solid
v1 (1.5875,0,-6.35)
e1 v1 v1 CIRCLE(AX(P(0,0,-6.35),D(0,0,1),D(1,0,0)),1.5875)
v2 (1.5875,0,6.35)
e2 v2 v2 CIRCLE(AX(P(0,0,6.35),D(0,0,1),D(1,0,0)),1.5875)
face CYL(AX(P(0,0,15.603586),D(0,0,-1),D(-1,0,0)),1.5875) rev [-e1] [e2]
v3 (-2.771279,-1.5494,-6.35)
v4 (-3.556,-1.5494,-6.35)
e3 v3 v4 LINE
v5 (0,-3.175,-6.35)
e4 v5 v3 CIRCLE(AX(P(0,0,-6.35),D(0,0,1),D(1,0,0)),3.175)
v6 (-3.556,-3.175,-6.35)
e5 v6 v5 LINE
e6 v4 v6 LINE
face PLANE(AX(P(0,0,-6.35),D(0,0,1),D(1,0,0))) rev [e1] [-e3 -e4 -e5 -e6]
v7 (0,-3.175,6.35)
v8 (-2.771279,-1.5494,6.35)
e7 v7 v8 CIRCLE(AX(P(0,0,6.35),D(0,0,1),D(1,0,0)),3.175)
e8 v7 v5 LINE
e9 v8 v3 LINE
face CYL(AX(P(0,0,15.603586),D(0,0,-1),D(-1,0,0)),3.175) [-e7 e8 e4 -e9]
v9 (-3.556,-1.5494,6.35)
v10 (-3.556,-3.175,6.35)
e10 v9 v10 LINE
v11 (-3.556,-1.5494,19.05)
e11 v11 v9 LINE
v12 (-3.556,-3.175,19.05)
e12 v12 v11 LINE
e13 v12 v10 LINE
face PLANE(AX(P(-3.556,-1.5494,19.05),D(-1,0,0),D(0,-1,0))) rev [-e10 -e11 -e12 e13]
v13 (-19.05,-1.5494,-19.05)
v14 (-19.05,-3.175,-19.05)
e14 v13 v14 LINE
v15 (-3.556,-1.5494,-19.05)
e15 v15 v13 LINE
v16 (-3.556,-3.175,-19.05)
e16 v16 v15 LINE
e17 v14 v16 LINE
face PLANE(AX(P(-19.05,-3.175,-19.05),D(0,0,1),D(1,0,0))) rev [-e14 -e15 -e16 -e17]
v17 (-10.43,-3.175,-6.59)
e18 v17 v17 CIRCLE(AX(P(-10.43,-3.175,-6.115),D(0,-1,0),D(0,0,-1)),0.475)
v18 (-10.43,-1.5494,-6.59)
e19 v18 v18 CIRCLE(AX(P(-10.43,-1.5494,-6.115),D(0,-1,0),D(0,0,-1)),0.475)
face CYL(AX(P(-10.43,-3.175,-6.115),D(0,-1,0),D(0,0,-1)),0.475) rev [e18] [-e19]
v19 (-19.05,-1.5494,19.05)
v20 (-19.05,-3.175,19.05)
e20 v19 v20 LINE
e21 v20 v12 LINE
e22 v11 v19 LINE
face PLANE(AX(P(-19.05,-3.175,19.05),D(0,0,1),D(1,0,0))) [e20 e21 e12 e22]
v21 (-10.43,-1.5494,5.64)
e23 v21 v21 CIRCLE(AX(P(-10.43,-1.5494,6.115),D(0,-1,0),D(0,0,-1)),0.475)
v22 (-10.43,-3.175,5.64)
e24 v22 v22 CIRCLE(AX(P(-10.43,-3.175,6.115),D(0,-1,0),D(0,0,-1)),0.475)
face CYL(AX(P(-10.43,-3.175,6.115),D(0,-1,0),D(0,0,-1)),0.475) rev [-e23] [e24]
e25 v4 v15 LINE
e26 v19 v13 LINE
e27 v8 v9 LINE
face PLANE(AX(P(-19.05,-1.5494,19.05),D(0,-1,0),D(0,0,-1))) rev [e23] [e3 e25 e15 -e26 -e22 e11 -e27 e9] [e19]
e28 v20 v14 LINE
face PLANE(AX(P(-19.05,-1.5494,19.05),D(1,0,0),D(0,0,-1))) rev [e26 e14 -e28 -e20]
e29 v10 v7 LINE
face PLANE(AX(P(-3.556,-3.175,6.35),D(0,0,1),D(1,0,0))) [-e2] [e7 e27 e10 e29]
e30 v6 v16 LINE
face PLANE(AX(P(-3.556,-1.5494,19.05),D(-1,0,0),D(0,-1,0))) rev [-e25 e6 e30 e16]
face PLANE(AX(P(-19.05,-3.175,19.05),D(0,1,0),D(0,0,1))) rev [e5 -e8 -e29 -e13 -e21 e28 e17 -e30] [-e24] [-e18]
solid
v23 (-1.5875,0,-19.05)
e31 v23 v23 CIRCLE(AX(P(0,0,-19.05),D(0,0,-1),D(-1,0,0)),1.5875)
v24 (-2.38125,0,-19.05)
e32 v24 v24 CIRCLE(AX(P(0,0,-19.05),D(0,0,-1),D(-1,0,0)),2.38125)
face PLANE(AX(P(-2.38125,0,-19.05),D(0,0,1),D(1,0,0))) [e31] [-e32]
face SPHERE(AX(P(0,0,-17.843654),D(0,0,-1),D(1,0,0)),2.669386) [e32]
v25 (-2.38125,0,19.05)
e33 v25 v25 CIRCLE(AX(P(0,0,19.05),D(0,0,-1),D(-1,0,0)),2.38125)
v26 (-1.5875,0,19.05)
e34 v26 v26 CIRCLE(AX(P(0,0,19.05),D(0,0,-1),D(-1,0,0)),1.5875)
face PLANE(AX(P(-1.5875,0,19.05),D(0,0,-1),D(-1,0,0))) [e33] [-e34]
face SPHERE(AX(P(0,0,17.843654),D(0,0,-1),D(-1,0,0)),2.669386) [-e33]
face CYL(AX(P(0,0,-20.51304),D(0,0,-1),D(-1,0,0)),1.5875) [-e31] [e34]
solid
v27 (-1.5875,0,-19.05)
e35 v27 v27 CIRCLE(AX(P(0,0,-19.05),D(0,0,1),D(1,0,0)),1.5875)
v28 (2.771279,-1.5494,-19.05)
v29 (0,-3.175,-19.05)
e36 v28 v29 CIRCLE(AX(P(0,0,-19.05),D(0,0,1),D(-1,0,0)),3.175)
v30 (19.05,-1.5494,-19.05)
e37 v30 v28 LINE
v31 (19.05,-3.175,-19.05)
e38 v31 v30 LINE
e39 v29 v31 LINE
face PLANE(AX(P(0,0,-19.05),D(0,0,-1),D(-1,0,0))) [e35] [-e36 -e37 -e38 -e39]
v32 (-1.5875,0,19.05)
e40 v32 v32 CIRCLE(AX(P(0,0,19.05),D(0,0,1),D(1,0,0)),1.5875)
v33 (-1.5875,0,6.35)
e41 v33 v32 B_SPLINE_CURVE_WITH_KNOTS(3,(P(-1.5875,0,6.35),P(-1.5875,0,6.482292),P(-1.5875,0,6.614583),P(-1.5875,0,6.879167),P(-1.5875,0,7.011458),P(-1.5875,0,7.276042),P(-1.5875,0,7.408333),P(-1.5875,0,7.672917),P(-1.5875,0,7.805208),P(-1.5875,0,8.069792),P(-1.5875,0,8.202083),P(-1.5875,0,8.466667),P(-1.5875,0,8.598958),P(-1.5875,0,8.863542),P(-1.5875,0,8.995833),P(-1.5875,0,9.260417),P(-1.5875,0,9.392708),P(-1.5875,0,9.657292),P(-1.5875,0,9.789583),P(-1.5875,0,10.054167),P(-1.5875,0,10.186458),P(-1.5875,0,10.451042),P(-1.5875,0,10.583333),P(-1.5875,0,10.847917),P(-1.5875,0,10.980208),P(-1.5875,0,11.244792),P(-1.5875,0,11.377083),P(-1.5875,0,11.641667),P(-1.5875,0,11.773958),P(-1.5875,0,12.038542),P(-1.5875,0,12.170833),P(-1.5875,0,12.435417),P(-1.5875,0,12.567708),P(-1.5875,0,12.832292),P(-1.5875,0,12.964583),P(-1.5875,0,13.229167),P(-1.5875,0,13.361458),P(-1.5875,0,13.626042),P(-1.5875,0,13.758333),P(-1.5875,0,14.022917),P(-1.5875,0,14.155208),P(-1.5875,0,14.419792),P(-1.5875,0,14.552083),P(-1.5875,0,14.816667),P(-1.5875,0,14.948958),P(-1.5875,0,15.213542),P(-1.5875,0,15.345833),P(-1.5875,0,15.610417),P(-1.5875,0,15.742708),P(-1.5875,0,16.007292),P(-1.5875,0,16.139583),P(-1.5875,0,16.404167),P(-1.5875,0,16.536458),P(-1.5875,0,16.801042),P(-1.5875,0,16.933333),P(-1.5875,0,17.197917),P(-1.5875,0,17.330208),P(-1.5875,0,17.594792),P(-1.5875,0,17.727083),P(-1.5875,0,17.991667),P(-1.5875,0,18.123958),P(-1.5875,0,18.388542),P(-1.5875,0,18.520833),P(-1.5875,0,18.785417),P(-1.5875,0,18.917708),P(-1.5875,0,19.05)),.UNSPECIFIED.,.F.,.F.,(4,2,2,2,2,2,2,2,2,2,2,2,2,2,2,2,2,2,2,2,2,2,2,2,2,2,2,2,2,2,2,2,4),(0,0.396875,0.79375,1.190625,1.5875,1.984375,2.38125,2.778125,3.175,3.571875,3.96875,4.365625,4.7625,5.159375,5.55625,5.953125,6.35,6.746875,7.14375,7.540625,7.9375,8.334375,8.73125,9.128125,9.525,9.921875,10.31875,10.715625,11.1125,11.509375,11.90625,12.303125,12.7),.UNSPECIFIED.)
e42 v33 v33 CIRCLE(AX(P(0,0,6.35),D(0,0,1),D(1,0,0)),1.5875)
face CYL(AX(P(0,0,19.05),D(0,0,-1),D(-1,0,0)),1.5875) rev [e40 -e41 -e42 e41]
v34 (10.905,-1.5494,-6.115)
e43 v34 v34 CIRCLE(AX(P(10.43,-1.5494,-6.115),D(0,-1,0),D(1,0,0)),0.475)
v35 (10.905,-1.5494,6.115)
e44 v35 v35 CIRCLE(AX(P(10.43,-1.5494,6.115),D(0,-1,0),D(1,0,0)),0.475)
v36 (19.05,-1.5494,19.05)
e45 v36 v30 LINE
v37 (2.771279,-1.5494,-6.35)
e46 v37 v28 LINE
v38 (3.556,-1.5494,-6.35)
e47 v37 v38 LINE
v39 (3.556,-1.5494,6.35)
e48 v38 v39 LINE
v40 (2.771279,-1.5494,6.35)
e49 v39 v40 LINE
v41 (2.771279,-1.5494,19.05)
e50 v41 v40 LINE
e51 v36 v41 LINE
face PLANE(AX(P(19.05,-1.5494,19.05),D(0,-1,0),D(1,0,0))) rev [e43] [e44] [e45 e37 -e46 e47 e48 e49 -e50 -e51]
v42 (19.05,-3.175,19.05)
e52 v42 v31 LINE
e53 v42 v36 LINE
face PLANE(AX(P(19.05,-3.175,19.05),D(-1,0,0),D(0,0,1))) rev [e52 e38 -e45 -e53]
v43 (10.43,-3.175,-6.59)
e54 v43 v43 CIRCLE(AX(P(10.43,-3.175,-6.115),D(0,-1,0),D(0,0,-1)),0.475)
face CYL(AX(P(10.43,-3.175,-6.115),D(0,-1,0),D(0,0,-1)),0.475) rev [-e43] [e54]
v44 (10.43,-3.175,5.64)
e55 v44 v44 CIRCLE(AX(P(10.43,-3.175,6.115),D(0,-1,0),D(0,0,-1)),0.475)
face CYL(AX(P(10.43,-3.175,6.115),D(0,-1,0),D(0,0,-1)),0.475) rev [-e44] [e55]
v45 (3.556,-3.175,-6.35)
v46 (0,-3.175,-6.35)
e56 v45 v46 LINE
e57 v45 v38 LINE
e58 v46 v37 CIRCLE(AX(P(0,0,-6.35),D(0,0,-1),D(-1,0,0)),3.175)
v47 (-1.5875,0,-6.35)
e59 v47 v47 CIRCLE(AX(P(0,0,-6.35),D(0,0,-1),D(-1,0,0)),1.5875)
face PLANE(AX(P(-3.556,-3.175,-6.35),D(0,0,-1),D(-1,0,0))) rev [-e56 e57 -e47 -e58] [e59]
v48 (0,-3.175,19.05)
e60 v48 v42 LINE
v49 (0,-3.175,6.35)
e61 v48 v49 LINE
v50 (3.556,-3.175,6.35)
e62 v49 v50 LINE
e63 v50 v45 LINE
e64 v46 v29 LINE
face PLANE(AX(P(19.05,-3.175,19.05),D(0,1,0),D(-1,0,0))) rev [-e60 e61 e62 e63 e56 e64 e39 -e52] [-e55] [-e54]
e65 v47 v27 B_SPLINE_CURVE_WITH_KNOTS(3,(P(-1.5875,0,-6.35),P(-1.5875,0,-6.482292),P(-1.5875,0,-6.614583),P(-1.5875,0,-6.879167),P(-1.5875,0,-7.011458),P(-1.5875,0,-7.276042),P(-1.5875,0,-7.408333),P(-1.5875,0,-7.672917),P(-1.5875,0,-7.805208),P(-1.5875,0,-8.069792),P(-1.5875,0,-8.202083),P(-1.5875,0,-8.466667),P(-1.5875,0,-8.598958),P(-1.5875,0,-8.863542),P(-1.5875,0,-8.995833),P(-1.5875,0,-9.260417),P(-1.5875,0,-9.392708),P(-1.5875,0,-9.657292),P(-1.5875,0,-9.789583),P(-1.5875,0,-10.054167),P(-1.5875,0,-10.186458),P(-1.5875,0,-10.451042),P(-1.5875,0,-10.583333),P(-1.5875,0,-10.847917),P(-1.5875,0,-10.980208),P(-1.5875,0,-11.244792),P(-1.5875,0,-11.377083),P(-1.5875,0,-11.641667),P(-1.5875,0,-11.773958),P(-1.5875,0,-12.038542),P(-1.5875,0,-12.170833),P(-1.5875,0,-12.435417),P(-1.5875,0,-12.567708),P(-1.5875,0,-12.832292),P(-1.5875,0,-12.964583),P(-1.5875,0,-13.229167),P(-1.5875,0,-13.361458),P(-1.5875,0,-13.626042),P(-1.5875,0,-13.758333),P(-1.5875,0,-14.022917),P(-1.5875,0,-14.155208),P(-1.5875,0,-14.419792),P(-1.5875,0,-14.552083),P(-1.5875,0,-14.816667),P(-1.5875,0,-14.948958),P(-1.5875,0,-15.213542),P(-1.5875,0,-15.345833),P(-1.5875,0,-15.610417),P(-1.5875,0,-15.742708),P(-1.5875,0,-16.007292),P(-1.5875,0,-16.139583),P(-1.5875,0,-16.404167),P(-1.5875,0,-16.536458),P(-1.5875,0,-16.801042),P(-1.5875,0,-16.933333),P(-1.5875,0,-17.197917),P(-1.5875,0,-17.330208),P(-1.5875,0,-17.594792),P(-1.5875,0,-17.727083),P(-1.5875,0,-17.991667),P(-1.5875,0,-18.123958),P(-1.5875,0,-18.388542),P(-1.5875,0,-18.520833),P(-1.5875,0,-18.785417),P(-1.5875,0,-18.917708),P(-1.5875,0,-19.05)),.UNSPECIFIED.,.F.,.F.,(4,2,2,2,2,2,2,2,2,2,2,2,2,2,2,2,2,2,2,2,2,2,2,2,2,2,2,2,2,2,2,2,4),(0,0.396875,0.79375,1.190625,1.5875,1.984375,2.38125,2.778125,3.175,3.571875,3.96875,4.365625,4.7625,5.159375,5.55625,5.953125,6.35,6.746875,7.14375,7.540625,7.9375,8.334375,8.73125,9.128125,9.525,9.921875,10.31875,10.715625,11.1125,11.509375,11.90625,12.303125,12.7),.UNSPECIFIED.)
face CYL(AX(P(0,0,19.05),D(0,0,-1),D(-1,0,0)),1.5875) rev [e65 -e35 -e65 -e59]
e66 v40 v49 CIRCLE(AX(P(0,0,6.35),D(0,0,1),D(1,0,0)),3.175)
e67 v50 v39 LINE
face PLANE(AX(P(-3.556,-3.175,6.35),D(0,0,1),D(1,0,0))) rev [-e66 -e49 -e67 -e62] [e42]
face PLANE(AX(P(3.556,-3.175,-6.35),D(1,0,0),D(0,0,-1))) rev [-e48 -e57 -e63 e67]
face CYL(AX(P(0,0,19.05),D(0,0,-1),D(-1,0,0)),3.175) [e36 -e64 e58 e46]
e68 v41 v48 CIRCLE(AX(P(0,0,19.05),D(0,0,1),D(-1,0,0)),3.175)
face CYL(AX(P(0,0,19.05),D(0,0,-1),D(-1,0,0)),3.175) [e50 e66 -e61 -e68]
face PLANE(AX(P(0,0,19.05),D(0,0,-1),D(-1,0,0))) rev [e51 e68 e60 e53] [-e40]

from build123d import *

# Parameters (mm, degrees)
SKETCH1_R                         = 1.5875
EXTRUDE1_DEPTH                    = 19.05
SKETCH1_W                         = 15.494
SKETCH1_H                         = 1.6256
EXTRUDE1_2_DEPTH                  = 19.05
EXTRUDE4_DEPTH                    = 29.173887468
EXTRUDE4_DEPTH_BACK               = 29.173887468
SKETCH8_W                         = 7.112
SKETCH8_H                         = 12.7
SKETCH9_R                         = 1.5875
EXTRUDE5_DEPTH                    = 12.7
SKETCH22_W                        = 0.475
SKETCH22_H                        = 1.6266
M1_2X0_25_TAPPED_HOLE1_AT_2_COUNT = 2
M1_2X0_25_TAPPED_HOLE1_AT_2_PITCH = 12.23
SKETCH23_W                        = 0.475
SKETCH23_H                        = 1.62665
M1_2X0_25_TAPPED_HOLE2_AT_2_COUNT = 2
M1_2X0_25_TAPPED_HOLE2_AT_2_PITCH = 12.23


with BuildPart() as part:
    # Sketch1 → Extrude1 (new, symmetric)
    with BuildSketch(Plane.XY):
        with BuildLine():
            Line((19.05, -3.175), (0, -3.175))
            ThreePointArc((0, -3.175), (-1.606437051, 2.738610049), (2.771278521, -1.5494))
            Line((2.771278521, -1.5494), (19.05, -1.5494))
            Line((19.05, -1.5494), (19.05, -3.175))
        make_face()
        with Locations(Location((0, 0, 0), (0, 0, 180))):
            Circle(SKETCH1_R, mode=Mode.SUBTRACT)
    extrude(amount=EXTRUDE1_DEPTH, both=True)

    # Sketch8 → Extrude4 (cut, two sides: drawn at the far end of the back side and taken through both)
    with BuildSketch(Plane(origin=(0, 0, 0), x_dir=(1, 0, 0), z_dir=(0, 1, 0)).offset(-EXTRUDE4_DEPTH_BACK)):
        Rectangle(SKETCH8_W, SKETCH8_H)
    extrude(amount=EXTRUDE4_DEPTH + EXTRUDE4_DEPTH_BACK, mode=Mode.SUBTRACT)

    # Sketch22 → M1.2x0.25 Tapped Hole1 (revolve, cut)
    with BuildSketch(Plane(origin=(10.43, -3.175, -6.115), x_dir=(0, 0, -1), z_dir=(1, 0, 0))):
        with Locations((0.2375, 0.8133)):
            Rectangle(SKETCH22_W, SKETCH22_H)
    m1_2x0_25_tapped_hole1 = revolve(axis=Axis((10.43, -9.525, -6.115), (0, 1, 0)), mode=Mode.SUBTRACT)

    # M1.2x0.25 Tapped Hole1 at 2: M1.2x0.25 Tapped Hole1 ×2
    with Locations(*[(0, 0, i * M1_2X0_25_TAPPED_HOLE1_AT_2_PITCH) for i in range(1, M1_2X0_25_TAPPED_HOLE1_AT_2_COUNT)]):
        add(m1_2x0_25_tapped_hole1, mode=Mode.SUBTRACT)


with BuildPart() as body_2:
    # Sketch1 → Extrude1 2 (new, symmetric)
    with BuildSketch(Plane.XY):
        with Locations((-11.303, -2.3622)):
            Rectangle(SKETCH1_W, SKETCH1_H)
    extrude(amount=EXTRUDE1_2_DEPTH, both=True)

    # Sketch9 → Extrude5 (add)
    with BuildSketch(Plane.XY.offset(-6.35)):
        with BuildLine():
            Line((-2.771278521, -1.5494), (-3.556, -1.5494))
            Line((-3.556, -1.5494), (-3.556, -3.175))
            Line((-3.556, -3.175), (0, -3.175))
            ThreePointArc((0, -3.175), (1.606437051, 2.738610049), (-2.771278521, -1.5494))
        make_face()
        with Locations(Location((0, 0, 0), (0, 0, 180))):
            Circle(SKETCH9_R, mode=Mode.SUBTRACT)
    extrude(amount=EXTRUDE5_DEPTH)

    # Sketch23 → M1.2x0.25 Tapped Hole2 (revolve, cut)
    with BuildSketch(Plane(origin=(-10.43, -3.175, -6.115), x_dir=(0, 0, -1), z_dir=(1, 0, 0))):
        with Locations((0.2375, 0.813325)):
            Rectangle(SKETCH23_W, SKETCH23_H)
    m1_2x0_25_tapped_hole2 = revolve(axis=Axis((-10.43, -9.525, -6.115), (0, 1, 0)), mode=Mode.SUBTRACT)

    # M1.2x0.25 Tapped Hole2 at 2: M1.2x0.25 Tapped Hole2 ×2
    with Locations(*[(0, 0, i * M1_2X0_25_TAPPED_HOLE2_AT_2_PITCH) for i in range(1, M1_2X0_25_TAPPED_HOLE2_AT_2_COUNT)]):
        add(m1_2x0_25_tapped_hole2, mode=Mode.SUBTRACT)


with BuildPart() as body_3:
    # Sketch6 → Revolve1 (revolve)
    with BuildSketch(Plane(origin=(0, 0, 0), x_dir=(1, 0, 0), z_dir=(0, 1, 0)), mode=Mode.PRIVATE) as revolve1_sk:
        with BuildLine():
            Line((-2.38125, 19.05), (-1.5875, 19.05))
            Line((-1.5875, 19.05), (-1.5875, -19.05))
            Line((-1.5875, -19.05), (-2.38125, -19.05))
            ThreePointArc((-2.38125, -19.05), (-1.397393789, -20.118057742), (0, -20.51304))
            Line((0, -20.51304), (0, 20.51304))
            ThreePointArc((0, 20.51304), (-1.397393789, 20.118057742), (-2.38125, 19.05))
        make_face()
    revolve(revolve1_sk.sketch.rotate(Axis((0, 0, -20.51304), (0, 0, 1)), 180), axis=Axis((0, 0, -20.51304), (0, 0, 1)))


solid = Compound([part.part, body_2.part, body_3.part])
